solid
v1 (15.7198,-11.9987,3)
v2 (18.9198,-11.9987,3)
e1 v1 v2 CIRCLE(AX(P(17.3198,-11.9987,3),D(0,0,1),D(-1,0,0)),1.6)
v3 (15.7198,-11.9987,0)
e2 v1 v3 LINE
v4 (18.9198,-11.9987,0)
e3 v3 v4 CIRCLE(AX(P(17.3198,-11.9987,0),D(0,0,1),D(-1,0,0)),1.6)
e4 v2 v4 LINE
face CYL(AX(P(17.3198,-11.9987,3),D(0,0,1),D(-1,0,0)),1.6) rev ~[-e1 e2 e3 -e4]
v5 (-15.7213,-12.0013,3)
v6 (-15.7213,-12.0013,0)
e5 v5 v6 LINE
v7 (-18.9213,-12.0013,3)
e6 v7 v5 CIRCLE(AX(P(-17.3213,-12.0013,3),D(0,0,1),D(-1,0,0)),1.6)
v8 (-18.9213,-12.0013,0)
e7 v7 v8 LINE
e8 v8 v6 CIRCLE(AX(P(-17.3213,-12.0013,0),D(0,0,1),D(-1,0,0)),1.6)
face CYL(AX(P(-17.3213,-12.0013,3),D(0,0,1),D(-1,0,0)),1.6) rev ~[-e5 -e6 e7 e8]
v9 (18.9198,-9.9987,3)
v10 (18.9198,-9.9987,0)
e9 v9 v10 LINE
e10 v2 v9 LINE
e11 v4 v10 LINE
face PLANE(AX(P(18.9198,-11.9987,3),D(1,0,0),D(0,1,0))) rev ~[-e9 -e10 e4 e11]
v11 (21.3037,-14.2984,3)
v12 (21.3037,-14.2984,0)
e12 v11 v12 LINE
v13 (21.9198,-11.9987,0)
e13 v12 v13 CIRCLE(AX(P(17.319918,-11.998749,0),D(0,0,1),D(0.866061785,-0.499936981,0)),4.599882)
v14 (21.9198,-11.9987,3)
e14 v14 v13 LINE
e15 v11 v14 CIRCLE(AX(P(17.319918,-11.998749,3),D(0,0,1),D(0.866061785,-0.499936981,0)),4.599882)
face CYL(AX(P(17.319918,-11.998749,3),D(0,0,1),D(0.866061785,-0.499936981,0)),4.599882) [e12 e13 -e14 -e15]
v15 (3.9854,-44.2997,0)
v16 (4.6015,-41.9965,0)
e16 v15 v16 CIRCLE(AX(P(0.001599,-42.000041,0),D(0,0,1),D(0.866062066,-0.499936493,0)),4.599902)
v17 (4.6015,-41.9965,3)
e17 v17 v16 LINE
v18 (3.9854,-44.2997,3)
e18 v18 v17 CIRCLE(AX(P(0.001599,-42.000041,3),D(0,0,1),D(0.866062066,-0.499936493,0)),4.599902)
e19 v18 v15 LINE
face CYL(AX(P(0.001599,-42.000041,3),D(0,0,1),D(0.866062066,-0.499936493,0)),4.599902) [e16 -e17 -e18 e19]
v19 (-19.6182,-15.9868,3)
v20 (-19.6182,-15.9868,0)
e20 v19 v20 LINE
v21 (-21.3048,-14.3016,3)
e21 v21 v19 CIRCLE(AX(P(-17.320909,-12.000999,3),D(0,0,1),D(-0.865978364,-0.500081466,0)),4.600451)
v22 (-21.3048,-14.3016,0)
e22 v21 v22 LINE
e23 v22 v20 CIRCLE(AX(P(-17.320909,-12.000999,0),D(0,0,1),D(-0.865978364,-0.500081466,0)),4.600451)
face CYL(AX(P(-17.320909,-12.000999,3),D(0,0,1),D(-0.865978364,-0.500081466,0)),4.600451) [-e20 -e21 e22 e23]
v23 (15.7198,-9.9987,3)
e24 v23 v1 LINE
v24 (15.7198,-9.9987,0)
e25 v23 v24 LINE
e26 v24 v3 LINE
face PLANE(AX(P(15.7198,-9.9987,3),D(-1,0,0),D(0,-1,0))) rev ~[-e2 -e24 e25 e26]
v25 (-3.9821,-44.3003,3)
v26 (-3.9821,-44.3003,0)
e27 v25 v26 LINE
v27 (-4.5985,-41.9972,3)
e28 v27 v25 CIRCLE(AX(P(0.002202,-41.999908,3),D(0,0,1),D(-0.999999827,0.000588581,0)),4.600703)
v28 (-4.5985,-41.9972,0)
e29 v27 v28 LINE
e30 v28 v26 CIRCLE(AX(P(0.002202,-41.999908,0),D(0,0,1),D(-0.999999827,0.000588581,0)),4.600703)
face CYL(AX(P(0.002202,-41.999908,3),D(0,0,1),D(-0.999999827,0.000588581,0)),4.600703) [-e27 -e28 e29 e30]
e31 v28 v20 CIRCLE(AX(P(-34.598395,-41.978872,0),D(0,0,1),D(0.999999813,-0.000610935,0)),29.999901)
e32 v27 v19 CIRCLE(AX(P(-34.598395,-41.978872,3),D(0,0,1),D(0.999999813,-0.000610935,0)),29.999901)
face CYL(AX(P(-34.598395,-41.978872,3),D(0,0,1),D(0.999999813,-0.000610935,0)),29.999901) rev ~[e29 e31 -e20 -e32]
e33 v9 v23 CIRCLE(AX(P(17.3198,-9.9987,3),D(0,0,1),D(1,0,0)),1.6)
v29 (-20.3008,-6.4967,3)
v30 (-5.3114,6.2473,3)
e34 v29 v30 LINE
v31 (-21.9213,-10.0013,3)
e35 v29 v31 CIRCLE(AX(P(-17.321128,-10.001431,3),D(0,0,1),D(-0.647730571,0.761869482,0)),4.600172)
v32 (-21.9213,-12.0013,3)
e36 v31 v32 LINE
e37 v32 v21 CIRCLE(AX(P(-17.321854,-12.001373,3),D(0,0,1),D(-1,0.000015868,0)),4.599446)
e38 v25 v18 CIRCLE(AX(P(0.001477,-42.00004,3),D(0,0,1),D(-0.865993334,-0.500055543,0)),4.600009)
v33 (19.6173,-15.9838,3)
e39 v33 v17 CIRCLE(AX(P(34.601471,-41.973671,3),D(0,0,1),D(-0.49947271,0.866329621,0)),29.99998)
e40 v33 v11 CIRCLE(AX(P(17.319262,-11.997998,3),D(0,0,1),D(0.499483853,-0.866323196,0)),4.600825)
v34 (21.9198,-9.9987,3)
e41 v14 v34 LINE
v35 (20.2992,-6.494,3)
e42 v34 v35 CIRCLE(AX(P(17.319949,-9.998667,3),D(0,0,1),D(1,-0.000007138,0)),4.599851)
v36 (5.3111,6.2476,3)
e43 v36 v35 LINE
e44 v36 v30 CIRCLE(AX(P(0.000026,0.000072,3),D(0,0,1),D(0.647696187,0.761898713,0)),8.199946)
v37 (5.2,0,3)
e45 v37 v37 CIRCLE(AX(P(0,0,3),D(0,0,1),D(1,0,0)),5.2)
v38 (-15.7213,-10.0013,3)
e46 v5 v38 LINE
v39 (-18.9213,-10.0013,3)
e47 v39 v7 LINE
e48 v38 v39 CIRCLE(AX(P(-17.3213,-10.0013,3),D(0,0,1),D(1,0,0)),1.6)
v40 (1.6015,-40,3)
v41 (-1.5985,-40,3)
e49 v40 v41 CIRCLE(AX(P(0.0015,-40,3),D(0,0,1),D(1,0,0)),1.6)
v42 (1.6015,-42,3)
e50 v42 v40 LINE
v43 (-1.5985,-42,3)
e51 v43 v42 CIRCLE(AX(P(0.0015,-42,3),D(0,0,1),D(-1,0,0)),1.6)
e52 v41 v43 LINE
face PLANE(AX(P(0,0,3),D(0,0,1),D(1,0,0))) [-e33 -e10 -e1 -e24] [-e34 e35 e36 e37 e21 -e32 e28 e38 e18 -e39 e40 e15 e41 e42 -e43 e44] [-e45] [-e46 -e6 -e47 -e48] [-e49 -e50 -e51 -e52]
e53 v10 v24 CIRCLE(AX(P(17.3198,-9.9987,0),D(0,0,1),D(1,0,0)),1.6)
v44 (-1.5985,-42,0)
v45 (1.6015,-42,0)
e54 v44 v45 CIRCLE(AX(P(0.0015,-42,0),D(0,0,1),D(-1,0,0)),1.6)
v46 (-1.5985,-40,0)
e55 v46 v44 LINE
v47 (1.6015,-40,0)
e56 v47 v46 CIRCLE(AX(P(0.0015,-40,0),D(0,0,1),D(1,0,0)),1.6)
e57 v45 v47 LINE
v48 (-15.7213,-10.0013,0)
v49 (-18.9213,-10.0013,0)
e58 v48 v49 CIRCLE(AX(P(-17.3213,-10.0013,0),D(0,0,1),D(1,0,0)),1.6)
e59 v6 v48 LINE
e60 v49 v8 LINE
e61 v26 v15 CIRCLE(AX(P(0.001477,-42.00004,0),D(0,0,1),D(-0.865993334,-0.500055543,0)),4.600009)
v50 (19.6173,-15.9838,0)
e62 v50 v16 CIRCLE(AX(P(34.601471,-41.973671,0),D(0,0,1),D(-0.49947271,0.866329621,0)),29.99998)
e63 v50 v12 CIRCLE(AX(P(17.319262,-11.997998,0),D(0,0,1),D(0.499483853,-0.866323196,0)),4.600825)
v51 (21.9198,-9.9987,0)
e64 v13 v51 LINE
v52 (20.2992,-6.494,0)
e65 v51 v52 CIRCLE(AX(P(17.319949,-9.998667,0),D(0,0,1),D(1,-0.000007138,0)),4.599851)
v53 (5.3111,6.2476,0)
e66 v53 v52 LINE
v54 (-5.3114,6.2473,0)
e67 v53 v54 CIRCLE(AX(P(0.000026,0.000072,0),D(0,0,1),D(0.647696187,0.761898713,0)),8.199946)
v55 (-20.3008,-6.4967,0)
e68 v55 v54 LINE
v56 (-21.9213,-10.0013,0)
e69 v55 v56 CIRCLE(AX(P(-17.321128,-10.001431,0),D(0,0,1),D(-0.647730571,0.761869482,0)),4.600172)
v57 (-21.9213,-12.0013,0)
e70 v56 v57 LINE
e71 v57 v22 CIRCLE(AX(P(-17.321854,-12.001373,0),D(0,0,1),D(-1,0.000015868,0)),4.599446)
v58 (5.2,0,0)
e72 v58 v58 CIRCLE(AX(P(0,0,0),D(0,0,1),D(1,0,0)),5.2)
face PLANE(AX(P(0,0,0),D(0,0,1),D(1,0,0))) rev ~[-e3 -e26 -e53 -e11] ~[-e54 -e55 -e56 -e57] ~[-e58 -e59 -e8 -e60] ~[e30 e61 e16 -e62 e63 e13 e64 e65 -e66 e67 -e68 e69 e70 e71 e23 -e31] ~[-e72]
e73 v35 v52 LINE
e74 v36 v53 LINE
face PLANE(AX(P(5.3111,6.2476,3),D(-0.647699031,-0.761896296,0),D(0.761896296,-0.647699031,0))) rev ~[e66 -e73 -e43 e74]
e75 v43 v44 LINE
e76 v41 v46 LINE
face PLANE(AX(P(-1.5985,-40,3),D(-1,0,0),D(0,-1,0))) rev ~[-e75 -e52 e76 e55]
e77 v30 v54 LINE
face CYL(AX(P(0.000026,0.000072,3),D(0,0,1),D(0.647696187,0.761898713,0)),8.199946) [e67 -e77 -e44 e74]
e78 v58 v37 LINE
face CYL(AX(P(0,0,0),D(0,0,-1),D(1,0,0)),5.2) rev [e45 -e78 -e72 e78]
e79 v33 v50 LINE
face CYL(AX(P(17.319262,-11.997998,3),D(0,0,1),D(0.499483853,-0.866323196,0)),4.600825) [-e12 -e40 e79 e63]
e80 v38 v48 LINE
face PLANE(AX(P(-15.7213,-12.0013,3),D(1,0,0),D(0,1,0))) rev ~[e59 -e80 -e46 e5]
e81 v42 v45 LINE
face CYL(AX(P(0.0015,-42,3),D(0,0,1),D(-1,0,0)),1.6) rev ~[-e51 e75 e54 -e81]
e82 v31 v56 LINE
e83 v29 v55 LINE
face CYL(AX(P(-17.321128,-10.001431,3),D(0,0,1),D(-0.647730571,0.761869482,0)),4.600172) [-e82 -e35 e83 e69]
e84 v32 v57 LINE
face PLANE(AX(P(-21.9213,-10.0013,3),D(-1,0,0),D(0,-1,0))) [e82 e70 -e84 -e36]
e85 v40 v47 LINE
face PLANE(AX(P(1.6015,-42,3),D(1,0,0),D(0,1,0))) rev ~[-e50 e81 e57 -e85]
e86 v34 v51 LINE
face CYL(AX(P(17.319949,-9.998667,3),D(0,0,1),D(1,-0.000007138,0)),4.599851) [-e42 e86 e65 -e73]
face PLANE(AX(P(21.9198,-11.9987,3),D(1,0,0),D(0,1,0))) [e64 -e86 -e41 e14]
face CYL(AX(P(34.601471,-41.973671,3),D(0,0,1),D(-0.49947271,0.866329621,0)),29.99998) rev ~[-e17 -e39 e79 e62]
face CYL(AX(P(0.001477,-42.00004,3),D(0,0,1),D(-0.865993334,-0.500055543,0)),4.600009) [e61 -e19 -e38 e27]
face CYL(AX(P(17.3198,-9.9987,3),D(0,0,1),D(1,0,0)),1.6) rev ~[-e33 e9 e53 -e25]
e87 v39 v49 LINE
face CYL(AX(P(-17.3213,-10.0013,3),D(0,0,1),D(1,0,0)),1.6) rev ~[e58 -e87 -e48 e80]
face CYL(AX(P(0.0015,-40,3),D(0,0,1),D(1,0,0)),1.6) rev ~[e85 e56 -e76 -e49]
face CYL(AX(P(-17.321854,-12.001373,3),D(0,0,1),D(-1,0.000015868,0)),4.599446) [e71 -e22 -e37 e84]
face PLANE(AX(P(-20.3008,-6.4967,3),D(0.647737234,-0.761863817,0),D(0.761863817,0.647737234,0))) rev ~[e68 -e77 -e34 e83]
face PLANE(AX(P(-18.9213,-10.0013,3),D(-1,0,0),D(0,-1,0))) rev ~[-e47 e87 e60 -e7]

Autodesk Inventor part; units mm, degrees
ref_plane "YZ Plane" through (0, 0, 0) normal (1, 0, 0) x (0, 1, 0)
ref_plane "XZ Plane" through (0, 0, 0) normal (0, 1, 0) x (-1, 0, 0)
ref_plane "XY Plane" through (0, 0, 0) normal (0, 0, 1) x (1, 0, 0)
sketch "スケッチ1" plane through (0, 0, 0) normal (0, 0, 1) x (1, 0, 0)
  circle A0 centre (0, 0) radius 5.2
  line L0 (25, -50) -> (-25, -50)
  line L1 (-25, -50) -> (-25, 50)
  line L2 (-25, 50) -> (25, 50)
  line L3 (25, 50) -> (25, -50)
  line L4 (25, -50) -> (-25, 50) construction
  line L5 (-25, -50) -> (25, 50) construction
  dimension "d0" = 10.4
  dimension "d1" = 50
  dimension "d2" = 100
extrude "押し出し1" add sketch "スケッチ1" along normal blind 3
sketch "スケッチ2" plane through (0, 0, 3) normal (0, 0, 1) x (1, 0, 0)
  circle A0 centre (17.3198, -9.9987) radius 1.25 construction
  circle A1 centre (-17.3213, -10.0013) radius 1.25 construction
  circle A2 centre (0.0015, -40) radius 1.25 construction
  line L0 (-17.3213, -10.0013) -> (-17.3213, -12.0013) construction
  line L1 (-18.9213, -10.0013) -> (-18.9213, -12.0013)
  line L2 (-15.7213, -12.0013) -> (-15.7213, -10.0013)
  arc A3 (-15.7213, -10.0013) -> (-18.9213, -10.0013) centre (-17.3213, -10.0013) ccw
  arc A4 (-18.9213, -12.0013) -> (-15.7213, -12.0013) centre (-17.3213, -12.0013) ccw
  line L3 (0.0015, -40) -> (0.0015, -42) construction
  line L4 (-1.5985, -40) -> (-1.5985, -42)
  line L5 (1.6015, -42) -> (1.6015, -40)
  arc A5 (1.6015, -40) -> (-1.5985, -40) centre (0.0015, -40) ccw
  arc A6 (-1.5985, -42) -> (1.6015, -42) centre (0.0015, -42) ccw
  line L6 (17.3198, -9.9987) -> (17.3198, -11.9987) construction
  line L7 (15.7198, -9.9987) -> (15.7198, -11.9987)
  line L8 (18.9198, -11.9987) -> (18.9198, -9.9987)
  arc A7 (18.9198, -9.9987) -> (15.7198, -9.9987) centre (17.3198, -9.9987) ccw
  arc A8 (15.7198, -11.9987) -> (18.9198, -11.9987) centre (17.3198, -11.9987) ccw
  circle A9 centre (0, 0) radius 5.2 projected
  arc A10 (5.3111, 6.2476) -> (-5.3114, 6.2473) centre (0, 0) ccw
  line L9 (-12.7213, -12.0013) -> (-12.7213, -10.0013)
  arc A11 (-20.3008, -6.4967) -> (-21.9213, -10.0013) centre (-17.3213, -10.0013) ccw
  line L10 (-21.9213, -10.0013) -> (-21.9213, -12.0013)
  arc A12 (-21.9213, -12.0013) -> (-21.3048, -14.3016) centre (-17.3213, -12.0013) ccw
  line L11 (21.9198, -11.9987) -> (21.9198, -9.9987)
  arc A13 (21.9198, -9.9987) -> (20.2992, -6.494) centre (17.3198, -9.9987) ccw
  line L12 (12.7198, -9.9987) -> (12.7198, -11.9987)
  arc A14 (21.3037, -14.2984) -> (21.9198, -11.9987) centre (17.3198, -11.9987) ccw
  line L13 (4.6015, -40) -> (4.6015, -42)
  arc A15 (-3.9821, -44.3003) -> (3.9854, -44.2997) centre (0.0015, -42) ccw
  line L14 (-4.5985, -42) -> (-4.5985, -40)
  arc A16 (4.6015, -40) -> (-4.5985, -40) centre (0.0015, -40) ccw
  line L15 (-20.3008, -6.4967) -> (-5.3114, 6.2473)
  line L16 (5.3111, 6.2476) -> (20.2992, -6.494)
  line L17 (21.3037, -14.2984) -> (3.9854, -44.2997)
  line L18 (-3.9821, -44.3003) -> (-21.3048, -14.3016)
  point P0 (-17.3213, -11.0013)
  point P1 (0.0015, -41)
  point P2 (17.3198, -10.9987)
  dimension "d5" = 1.6
  dimension "d6" = 2
  dimension "d7" = 3
  dimension "d8" = 3
  dimension "d9" = 3
  dimension "d10" = 3
extrude "押し出し2" cut sketch "スケッチ2" against normal blind 3 keep common part
sketch "スケッチ3" plane through (0, 0, 3) normal (0, 0, 1) x (1, 0, 0)
  arc A0 (15.7198, -11.9987) -> (18.9198, -11.9987) centre (17.3198, -11.9987) ccw projected
  line L0 (15.7198, -9.9987) -> (15.7198, -11.9987) projected
  arc A1 (18.9198, -9.9987) -> (15.7198, -9.9987) centre (17.3198, -9.9987) ccw projected
  line L1 (18.9198, -11.9987) -> (18.9198, -9.9987) projected
  arc A2 (-1.5985, -42) -> (1.6015, -42) centre (0.0015, -42) ccw projected
  line L2 (-1.5985, -40) -> (-1.5985, -42) projected
  arc A3 (1.6015, -40) -> (-1.5985, -40) centre (0.0015, -40) ccw projected
  line L3 (1.6015, -42) -> (1.6015, -40) projected
  arc A4 (-18.9213, -12.0013) -> (-15.7213, -12.0013) centre (-17.3213, -12.0013) ccw projected
  line L4 (-18.9213, -10.0013) -> (-18.9213, -12.0013) projected
  arc A5 (-15.7213, -10.0013) -> (-18.9213, -10.0013) centre (-17.3213, -10.0013) ccw projected
  line L5 (-15.7213, -12.0013) -> (-15.7213, -10.0013) projected
  line L6 (-21.9213, -12.0013) -> (-21.9213, -10.0013) projected
  arc A6 (-21.9213, -12.0013) -> (-21.3048, -14.3016) centre (-17.3213, -12.0013) ccw projected
  line L7 (-3.9821, -44.3003) -> (-21.3048, -14.3016) projected
  arc A7 (-3.9821, -44.3003) -> (3.9854, -44.2997) centre (0.0015, -42) ccw projected
  line L8 (21.3037, -14.2984) -> (3.9854, -44.2997) projected
  arc A8 (21.3037, -14.2984) -> (21.9198, -11.9987) centre (17.3198, -11.9987) ccw projected
  line L9 (21.9198, -9.9987) -> (21.9198, -11.9987) projected
  arc A9 (21.9198, -9.9987) -> (20.2992, -6.494) centre (17.3198, -9.9987) ccw projected
  line L10 (5.3111, 6.2476) -> (20.2992, -6.494) projected
  arc A10 (5.3111, 6.2476) -> (-5.3114, 6.2473) centre (0, 0) ccw projected
  line L11 (-20.3008, -6.4967) -> (-5.3114, 6.2473) projected
  arc A11 (-20.3008, -6.4967) -> (-21.9213, -10.0013) centre (-17.3213, -10.0013) ccw projected
  circle A12 centre (0, 0) radius 5.2 projected
  arc A13 (19.6173, -15.9838) -> (4.6015, -41.9965) centre (34.6015, -41.9737) ccw
  arc A14 (19.6173, -15.9838) -> (21.3037, -14.2984) centre (17.3198, -11.9987) ccw
  arc A15 (-21.3048, -14.3016) -> (-19.6182, -15.9868) centre (-17.3213, -12.0013) ccw
  arc A16 (-4.5985, -41.9972) -> (-19.6182, -15.9868) centre (-34.5985, -41.9789) ccw
  arc A17 (-4.5985, -41.9972) -> (-3.9821, -44.3003) centre (0.0015, -42) ccw
  arc A18 (3.9854, -44.2997) -> (4.6015, -41.9965) centre (0.0015, -42) ccw
  arc A19 (-21.9213, -12.0013) -> (-21.3048, -14.3016) centre (-17.3213, -12.0013) ccw projected
  dimension "d14" = 30
extrude "押し出し3" cut sketch "スケッチ3" against normal through all contours L6 A11 L11 A10 L10 A9 L9 A8 A14 A13 A18 A7 A17 A16 A15 A6 keep common part
properties part number "POTplate" material "アルミニウム 2014-T4"
